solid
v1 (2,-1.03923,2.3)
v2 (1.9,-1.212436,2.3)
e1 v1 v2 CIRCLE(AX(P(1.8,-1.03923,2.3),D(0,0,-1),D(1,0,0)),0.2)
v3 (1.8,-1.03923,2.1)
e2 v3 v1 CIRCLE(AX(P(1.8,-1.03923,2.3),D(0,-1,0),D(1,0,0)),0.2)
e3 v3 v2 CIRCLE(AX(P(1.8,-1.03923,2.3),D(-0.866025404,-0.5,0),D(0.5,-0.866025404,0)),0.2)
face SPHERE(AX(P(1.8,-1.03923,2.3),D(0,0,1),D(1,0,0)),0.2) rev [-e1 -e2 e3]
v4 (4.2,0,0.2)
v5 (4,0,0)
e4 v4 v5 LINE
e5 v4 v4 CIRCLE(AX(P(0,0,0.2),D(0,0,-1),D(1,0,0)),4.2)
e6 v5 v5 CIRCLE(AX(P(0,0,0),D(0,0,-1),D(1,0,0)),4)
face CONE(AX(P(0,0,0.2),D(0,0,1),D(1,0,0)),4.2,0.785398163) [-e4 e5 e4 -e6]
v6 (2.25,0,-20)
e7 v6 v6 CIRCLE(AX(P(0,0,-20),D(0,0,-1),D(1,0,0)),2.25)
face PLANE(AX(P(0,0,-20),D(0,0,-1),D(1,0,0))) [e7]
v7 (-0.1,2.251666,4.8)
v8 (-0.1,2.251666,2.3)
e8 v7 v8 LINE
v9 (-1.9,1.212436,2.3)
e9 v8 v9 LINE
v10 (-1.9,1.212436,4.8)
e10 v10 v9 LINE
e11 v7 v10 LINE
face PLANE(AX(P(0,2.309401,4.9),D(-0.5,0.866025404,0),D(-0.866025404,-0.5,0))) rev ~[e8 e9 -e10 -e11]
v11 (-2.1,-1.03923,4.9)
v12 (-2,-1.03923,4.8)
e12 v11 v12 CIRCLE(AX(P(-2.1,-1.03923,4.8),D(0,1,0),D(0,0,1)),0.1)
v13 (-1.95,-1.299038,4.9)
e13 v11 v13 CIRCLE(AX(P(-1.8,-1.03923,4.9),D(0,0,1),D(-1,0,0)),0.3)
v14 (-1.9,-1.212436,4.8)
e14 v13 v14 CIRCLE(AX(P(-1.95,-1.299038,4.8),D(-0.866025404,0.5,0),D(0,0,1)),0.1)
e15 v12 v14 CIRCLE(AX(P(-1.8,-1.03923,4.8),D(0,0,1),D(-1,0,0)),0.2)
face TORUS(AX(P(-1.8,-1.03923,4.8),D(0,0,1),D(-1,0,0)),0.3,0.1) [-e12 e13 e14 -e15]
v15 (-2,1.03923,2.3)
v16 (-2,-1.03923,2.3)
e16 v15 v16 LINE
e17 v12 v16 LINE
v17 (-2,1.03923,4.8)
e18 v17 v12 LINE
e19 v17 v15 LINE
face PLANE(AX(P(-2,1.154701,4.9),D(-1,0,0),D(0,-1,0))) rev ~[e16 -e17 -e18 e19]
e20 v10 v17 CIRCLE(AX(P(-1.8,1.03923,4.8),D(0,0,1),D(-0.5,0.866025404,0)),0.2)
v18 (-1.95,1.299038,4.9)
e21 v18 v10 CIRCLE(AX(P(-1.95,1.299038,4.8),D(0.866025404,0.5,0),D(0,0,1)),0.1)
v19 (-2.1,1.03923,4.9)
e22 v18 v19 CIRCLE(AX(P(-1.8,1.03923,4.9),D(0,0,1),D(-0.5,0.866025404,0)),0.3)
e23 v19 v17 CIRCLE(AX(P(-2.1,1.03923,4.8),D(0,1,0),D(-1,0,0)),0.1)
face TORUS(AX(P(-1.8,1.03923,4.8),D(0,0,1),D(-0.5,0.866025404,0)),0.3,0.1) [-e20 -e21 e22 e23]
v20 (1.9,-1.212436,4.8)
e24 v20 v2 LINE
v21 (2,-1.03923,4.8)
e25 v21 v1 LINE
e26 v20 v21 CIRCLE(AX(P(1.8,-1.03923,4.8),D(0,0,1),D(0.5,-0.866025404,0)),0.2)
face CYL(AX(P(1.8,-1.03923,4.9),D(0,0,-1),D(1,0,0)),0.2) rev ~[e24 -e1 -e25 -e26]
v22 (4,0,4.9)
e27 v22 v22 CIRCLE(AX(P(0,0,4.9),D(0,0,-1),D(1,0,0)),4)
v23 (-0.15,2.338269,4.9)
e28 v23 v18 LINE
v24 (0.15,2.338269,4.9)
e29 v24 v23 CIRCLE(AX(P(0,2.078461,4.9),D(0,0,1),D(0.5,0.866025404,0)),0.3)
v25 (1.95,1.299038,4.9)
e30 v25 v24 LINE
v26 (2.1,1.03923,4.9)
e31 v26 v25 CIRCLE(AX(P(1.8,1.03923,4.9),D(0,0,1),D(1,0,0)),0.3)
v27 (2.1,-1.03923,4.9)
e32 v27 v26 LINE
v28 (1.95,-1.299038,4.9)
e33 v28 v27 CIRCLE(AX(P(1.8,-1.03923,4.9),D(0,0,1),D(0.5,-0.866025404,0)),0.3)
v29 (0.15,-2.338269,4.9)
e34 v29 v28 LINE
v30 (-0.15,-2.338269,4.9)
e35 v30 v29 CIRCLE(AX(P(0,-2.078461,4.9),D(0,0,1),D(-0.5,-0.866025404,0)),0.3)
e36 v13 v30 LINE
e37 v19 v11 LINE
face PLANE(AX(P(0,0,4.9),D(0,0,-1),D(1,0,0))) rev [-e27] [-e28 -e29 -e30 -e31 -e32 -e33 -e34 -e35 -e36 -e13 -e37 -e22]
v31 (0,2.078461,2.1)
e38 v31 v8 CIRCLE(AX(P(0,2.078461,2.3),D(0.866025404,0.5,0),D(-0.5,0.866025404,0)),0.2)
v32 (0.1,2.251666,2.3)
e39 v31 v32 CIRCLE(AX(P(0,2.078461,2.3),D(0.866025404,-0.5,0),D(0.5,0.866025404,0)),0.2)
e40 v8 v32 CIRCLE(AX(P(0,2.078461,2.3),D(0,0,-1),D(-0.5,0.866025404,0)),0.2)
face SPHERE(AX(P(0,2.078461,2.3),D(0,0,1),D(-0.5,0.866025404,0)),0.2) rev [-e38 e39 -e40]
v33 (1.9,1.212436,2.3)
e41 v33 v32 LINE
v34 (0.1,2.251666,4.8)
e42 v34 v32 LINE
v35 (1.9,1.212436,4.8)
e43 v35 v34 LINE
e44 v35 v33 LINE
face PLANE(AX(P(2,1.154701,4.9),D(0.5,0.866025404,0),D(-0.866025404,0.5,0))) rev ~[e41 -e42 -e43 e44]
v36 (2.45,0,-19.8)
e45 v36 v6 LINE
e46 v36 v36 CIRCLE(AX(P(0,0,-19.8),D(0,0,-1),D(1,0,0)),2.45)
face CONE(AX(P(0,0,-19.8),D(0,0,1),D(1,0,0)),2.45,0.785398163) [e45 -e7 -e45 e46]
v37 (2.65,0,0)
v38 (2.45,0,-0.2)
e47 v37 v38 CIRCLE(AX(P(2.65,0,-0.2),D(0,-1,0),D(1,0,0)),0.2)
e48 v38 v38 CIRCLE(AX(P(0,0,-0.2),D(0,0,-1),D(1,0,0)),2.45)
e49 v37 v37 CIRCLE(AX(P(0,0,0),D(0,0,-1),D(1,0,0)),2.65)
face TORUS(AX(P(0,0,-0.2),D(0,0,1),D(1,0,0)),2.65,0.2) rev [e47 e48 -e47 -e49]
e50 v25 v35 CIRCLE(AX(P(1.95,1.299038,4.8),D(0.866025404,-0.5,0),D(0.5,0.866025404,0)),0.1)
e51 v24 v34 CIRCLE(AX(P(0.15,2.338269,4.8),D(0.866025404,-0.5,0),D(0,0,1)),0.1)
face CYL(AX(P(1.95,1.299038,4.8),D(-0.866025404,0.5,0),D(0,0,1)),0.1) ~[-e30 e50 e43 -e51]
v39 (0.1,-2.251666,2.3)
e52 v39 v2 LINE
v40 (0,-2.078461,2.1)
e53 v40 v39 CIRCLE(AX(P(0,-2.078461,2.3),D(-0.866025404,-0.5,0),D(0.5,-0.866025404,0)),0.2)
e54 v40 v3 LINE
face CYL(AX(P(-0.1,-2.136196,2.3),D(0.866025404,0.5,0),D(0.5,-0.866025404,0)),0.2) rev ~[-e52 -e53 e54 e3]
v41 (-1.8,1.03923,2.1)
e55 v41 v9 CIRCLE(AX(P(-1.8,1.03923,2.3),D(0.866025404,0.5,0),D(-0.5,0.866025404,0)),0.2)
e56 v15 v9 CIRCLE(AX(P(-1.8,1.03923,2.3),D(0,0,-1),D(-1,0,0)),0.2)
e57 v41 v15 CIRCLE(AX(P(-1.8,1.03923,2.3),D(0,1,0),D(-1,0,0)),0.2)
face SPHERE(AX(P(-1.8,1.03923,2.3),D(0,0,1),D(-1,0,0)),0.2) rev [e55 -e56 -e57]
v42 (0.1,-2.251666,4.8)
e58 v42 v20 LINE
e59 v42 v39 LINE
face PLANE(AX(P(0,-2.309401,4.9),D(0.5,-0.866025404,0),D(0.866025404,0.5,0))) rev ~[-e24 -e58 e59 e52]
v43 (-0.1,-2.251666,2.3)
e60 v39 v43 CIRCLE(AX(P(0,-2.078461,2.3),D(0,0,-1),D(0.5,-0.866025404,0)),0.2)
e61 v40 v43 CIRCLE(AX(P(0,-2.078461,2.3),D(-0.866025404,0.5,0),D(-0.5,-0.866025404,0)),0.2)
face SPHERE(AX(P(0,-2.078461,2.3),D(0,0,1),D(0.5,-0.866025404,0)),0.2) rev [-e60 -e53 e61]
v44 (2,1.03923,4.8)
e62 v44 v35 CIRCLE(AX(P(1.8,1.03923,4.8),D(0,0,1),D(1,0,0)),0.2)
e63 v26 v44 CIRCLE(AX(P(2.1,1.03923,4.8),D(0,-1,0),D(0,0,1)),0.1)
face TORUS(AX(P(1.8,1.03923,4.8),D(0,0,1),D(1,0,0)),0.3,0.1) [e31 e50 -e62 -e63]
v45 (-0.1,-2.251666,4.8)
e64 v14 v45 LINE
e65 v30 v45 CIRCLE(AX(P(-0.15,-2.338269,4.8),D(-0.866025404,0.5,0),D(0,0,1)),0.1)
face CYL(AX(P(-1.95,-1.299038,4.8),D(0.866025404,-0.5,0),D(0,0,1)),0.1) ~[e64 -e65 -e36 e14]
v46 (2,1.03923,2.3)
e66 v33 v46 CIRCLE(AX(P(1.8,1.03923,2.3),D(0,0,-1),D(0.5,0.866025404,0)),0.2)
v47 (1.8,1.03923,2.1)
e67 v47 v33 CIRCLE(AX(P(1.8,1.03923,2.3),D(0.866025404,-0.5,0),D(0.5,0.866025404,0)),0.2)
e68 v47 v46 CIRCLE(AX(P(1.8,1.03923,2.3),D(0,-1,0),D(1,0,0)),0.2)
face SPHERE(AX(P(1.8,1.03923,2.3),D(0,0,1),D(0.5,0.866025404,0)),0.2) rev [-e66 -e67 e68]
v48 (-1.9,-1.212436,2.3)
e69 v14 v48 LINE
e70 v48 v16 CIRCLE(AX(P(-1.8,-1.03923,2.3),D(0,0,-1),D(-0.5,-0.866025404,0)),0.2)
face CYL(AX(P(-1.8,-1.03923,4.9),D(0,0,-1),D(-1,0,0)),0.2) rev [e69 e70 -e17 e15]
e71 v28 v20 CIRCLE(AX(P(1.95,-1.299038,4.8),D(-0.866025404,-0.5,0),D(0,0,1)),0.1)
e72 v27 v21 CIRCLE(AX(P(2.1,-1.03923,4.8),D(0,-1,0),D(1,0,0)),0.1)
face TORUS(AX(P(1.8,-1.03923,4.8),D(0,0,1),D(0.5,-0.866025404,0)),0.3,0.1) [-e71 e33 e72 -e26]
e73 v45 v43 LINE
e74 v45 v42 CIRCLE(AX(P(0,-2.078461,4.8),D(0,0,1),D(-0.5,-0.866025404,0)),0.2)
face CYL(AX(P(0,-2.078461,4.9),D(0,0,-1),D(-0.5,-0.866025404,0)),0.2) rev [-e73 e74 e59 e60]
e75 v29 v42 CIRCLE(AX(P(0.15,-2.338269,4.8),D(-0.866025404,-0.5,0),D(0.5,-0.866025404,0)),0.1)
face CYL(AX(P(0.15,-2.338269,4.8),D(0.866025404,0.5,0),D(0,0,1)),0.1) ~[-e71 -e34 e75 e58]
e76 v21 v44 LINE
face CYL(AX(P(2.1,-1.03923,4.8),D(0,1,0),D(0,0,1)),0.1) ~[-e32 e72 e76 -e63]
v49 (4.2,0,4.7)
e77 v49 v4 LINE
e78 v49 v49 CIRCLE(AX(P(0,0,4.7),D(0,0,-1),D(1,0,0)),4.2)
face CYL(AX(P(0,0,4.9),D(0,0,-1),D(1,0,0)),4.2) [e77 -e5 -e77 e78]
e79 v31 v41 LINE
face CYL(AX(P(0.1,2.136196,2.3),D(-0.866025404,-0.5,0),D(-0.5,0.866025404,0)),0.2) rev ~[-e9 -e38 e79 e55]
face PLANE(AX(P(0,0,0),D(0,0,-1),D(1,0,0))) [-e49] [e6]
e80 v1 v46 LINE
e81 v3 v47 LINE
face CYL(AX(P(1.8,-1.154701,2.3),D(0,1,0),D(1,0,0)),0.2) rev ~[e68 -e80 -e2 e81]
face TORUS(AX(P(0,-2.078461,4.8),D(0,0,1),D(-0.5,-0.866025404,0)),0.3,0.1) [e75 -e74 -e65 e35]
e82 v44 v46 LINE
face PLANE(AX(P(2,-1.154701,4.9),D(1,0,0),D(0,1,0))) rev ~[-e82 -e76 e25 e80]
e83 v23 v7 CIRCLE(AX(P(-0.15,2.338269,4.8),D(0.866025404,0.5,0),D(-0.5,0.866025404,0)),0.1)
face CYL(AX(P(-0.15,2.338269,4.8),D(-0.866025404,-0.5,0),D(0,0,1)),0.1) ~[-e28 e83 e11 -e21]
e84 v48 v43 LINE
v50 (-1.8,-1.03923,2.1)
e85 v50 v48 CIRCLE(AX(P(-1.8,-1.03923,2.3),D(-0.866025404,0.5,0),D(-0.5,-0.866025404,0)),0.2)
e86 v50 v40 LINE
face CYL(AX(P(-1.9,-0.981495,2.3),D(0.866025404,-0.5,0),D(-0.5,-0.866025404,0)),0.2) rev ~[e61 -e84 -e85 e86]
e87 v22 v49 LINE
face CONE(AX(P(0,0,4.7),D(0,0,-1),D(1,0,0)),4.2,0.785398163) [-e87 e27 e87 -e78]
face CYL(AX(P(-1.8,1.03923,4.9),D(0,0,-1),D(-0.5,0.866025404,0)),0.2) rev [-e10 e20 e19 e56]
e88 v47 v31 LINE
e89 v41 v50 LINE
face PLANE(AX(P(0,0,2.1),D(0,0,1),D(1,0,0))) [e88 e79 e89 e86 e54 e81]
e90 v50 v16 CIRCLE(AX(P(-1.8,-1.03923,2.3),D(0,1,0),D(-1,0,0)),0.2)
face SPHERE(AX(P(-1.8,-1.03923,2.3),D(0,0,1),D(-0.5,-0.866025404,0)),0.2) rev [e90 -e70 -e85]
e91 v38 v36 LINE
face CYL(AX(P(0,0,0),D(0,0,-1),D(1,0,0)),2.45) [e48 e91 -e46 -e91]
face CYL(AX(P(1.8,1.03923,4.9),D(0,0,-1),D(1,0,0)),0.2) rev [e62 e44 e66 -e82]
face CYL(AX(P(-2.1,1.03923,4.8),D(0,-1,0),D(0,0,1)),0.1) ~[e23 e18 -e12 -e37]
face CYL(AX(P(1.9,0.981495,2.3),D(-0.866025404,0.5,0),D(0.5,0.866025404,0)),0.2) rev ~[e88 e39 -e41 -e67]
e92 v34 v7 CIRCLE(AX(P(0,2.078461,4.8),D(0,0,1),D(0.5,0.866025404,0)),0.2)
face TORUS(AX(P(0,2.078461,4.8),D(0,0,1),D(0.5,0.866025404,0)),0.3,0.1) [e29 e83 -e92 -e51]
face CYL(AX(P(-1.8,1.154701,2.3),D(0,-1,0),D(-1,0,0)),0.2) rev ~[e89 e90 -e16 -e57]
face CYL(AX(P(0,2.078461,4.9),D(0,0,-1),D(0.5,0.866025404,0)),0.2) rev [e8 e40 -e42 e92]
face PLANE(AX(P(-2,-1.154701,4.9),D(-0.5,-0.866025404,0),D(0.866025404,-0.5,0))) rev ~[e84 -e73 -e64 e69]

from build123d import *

# Parameters (mm, degrees)
SCHNITT_LINEAR_AUSTRAGEN1_DEPTH = 2.8
FASE1_SIZE                      = 0.2
VERRUNDUNG1_R                   = 0.2
VERRUNDUNG2_R                   = 0.1


with BuildPart() as part:
    # Skizze1 → Rotation1 (revolve)
    with BuildSketch(Plane(origin=(0, 0, 0), x_dir=(0, 0, -1), z_dir=(1, 0, 0))):
        Polygon((-4.9, 0), (-4.9, 4.2), (0, 4.2), (0, 2.45), (20, 2.45), (20, 0), align=None)
    revolve(axis=Axis((0, 0, 21.919879518), (0, 0, -1)))

    # Skizze2 → Schnitt-Linear austragen1 (cut)
    with BuildSketch(Plane.XY.offset(4.9)):
        Polygon((2, -1.154700538), (2, 1.154700538), (0, 2.309401077), (-2, 1.154700538), (-2, -1.154700538), (0, -2.309401077), align=None)
    extrude(amount=-SCHNITT_LINEAR_AUSTRAGEN1_DEPTH, mode=Mode.SUBTRACT)

    # Fase1
    fase1_edges = [part.edges().sort_by_distance(p)[0] for p in [
        (0, -4.2, 4.9),
        (0, -4.2, 0),
        (0, -2.45, -20),
    ]]
    chamfer(fase1_edges, length=FASE1_SIZE)

    # Verrundung1
    verrundung1_edges = [part.edges().sort_by_distance(p)[0] for p in [
        (-1, -1.732050808, 2.1),
        (-2, 0, 2.1),
        (-1, 1.732050808, 2.1),
        (1, 1.732050808, 2.1),
        (2, 0, 2.1),
        (1, -1.732050808, 2.1),
        (-2, -1.154700538, 3.5),
        (0, -2.309401077, 3.5),
        (2, -1.154700538, 3.5),
        (2, 1.154700538, 3.5),
        (0, 2.309401077, 3.5),
        (-2, 1.154700538, 3.5),
        (0, -2.45, 0),
    ]]
    fillet(verrundung1_edges, radius=VERRUNDUNG1_R)

    # Verrundung2
    verrundung2_edges = [part.edges().sort_by_distance(p)[0] for p in [
        (1.973205081, -1.139230485, 4.9),
        (1, -1.732050808, 4.9),
        (0, -2.278460969, 4.9),
        (-1, -1.732050808, 4.9),
        (-1.973205081, -1.139230485, 4.9),
        (-2, 0, 4.9),
        (-1.973205081, 1.139230485, 4.9),
        (-1, 1.732050808, 4.9),
        (0, 2.278460969, 4.9),
        (1, 1.732050808, 4.9),
        (1.973205081, 1.139230485, 4.9),
        (2, 0, 4.9),
    ]]
    fillet(verrundung2_edges, radius=VERRUNDUNG2_R)


solid = part.part
